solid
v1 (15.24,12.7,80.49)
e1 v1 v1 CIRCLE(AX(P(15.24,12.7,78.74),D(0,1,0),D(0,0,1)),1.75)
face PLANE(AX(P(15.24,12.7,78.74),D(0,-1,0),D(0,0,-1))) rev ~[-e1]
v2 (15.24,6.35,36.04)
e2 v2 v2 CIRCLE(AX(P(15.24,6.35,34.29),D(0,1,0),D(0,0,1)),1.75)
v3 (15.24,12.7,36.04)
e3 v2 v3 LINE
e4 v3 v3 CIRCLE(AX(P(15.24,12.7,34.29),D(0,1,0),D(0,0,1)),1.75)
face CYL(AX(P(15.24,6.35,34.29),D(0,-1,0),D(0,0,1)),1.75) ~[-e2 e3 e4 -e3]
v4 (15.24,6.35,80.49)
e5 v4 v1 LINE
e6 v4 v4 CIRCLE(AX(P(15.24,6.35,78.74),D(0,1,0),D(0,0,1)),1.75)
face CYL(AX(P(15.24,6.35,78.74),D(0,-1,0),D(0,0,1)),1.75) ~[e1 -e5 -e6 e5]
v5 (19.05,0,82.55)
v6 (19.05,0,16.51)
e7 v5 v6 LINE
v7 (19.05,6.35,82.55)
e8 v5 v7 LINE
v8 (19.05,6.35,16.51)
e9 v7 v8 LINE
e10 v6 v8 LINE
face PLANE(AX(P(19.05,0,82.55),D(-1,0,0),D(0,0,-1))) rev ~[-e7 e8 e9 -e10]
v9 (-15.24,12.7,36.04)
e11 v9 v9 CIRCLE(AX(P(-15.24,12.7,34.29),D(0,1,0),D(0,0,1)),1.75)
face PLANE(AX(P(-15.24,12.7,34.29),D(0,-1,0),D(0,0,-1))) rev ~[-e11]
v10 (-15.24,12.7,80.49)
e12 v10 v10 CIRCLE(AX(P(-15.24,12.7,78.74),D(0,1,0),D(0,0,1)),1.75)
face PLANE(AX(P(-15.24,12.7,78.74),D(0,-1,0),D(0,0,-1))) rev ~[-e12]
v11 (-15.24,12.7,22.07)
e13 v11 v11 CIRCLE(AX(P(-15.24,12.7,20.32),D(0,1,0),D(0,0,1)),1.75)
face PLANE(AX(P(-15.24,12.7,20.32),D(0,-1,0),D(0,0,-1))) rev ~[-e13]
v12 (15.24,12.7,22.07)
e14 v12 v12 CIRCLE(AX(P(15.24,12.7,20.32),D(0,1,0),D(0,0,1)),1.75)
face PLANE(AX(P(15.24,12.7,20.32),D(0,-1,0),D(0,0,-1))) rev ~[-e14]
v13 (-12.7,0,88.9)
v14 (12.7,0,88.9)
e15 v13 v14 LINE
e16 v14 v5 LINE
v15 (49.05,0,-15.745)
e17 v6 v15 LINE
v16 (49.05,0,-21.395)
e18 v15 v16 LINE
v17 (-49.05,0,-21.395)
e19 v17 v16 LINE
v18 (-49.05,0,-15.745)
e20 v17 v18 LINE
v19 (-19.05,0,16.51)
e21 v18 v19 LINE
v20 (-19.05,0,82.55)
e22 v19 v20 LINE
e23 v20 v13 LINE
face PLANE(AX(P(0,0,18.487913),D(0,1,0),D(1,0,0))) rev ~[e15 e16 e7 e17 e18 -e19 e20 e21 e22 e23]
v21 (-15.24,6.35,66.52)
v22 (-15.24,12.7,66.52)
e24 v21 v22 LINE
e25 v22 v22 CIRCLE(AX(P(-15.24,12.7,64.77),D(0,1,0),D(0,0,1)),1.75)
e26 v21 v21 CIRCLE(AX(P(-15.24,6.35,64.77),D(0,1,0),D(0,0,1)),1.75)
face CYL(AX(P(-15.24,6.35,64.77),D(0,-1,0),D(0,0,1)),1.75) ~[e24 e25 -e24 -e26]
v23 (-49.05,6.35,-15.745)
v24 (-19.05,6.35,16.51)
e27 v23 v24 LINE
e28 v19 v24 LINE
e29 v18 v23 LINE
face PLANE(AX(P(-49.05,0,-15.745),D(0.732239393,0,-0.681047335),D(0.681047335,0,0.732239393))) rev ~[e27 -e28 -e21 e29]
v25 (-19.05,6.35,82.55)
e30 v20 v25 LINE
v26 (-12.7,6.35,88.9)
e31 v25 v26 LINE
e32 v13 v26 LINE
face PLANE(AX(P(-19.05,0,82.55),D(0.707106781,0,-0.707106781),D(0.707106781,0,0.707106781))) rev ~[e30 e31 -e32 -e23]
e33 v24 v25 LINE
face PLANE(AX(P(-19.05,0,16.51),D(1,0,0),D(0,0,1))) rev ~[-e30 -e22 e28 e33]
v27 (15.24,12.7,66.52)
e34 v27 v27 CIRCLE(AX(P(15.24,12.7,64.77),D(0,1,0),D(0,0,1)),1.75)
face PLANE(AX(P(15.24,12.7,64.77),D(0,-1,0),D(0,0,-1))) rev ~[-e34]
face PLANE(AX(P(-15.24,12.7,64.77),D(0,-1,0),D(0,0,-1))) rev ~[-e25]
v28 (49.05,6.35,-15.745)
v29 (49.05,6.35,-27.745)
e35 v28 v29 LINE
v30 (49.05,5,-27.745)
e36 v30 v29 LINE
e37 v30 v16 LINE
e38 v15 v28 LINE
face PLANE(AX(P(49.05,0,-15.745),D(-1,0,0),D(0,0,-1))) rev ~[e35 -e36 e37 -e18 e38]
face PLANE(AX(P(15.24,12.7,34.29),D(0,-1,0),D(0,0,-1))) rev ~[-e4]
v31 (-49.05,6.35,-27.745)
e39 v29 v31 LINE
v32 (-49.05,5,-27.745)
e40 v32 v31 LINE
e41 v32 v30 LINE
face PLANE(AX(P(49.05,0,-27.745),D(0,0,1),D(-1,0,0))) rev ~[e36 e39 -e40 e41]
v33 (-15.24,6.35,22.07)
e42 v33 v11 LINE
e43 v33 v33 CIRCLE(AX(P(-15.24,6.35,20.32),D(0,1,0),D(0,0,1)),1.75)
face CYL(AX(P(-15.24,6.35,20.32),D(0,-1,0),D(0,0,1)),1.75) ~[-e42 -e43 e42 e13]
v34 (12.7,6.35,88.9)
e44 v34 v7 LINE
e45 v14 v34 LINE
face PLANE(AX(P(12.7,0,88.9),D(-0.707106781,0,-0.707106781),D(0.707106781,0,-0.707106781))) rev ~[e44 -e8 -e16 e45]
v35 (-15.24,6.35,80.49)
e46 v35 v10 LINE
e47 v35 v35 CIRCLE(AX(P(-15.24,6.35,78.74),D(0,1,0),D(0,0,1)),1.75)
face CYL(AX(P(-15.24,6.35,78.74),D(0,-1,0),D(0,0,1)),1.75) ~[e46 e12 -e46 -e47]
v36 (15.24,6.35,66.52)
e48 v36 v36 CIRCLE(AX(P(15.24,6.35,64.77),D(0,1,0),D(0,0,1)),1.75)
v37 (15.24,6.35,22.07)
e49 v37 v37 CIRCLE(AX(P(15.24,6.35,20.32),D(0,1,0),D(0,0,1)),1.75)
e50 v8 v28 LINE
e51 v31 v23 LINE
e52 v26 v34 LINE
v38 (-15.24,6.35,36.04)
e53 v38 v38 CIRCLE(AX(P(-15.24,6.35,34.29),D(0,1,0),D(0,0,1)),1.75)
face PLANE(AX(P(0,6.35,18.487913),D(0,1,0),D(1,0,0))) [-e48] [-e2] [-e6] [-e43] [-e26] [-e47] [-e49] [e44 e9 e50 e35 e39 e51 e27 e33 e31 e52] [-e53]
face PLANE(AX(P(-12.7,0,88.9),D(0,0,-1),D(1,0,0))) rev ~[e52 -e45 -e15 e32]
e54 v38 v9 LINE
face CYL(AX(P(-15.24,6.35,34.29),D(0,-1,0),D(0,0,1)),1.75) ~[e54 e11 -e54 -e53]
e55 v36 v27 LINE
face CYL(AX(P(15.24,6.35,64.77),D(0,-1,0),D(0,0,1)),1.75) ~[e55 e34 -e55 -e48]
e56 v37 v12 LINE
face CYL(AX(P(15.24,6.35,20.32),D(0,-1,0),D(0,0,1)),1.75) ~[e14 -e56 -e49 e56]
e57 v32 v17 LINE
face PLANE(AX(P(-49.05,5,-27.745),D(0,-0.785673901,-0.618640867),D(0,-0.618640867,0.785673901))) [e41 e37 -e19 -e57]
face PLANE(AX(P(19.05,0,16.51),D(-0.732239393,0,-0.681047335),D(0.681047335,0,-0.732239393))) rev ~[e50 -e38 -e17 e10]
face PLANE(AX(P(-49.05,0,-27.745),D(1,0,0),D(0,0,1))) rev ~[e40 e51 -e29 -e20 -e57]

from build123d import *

# Parameters (mm, degrees)
SKETCH3_R           = 1.905
BOSS_EXTRUDE1_DEPTH = 6.35
CUT_EXTRUDE1_DEPTH  = 133.5410974
SKETCH5_R           = 1.905
BOSS_EXTRUDE2_DEPTH = 12.700000124
CUT_EXTRUDE2_START  = -6.350000124
SKETCH6_R           = 1.905
SKETCH6_R_2         = 1.75
CUT_EXTRUDE2_DEPTH  = 6.350000124


with BuildPart() as part:
    # Sketch3 → Boss-Extrude1 (new body)
    with BuildSketch(Plane(origin=(0, 0, 0), x_dir=(1, 0, 0), z_dir=(0, 1, 0))):
        Polygon((-19.05, -82.55), (-12.7, -88.9), (12.7, -88.9), (19.05, -82.55), (19.05, -74.93), (19.05, -68.58), (19.05, -60.96), (19.05, -38.1), (19.05, -30.48), (19.05, -24.13), (19.05, -16.51), (49.05, 15.745), (49.05, 27.745), (-49.05, 27.745), (-49.05, 15.745), (-19.05, -16.51), (-19.05, -24.13), (-19.05, -30.48), (-19.05, -38.1), (-19.05, -60.96), (-19.05, -68.58), (-19.05, -74.93), align=None)
        with Locations(Location((-15.24, -78.74, 0), (0, 0, 270))):
            Circle(SKETCH3_R, mode=Mode.SUBTRACT)
        with Locations(Location((15.24, -78.74, 0), (0, 0, 270))):
            Circle(SKETCH3_R, mode=Mode.SUBTRACT)
        with Locations(Location((15.24, -64.77, 0), (0, 0, 270))):
            Circle(SKETCH3_R, mode=Mode.SUBTRACT)
        with Locations(Location((-15.24, -64.77, 0), (0, 0, 270))):
            Circle(SKETCH3_R, mode=Mode.SUBTRACT)
        with Locations(Location((-15.24, -20.32, 0), (0, 0, 270))):
            Circle(SKETCH3_R, mode=Mode.SUBTRACT)
        with Locations(Location((15.24, -20.32, 0), (0, 0, 270))):
            Circle(SKETCH3_R, mode=Mode.SUBTRACT)
        with Locations(Location((15.24, -34.29, 0), (0, 0, 270))):
            Circle(SKETCH3_R, mode=Mode.SUBTRACT)
        with Locations(Location((-15.24, -34.29, 0), (0, 0, 270))):
            Circle(SKETCH3_R, mode=Mode.SUBTRACT)
    extrude(amount=BOSS_EXTRUDE1_DEPTH)

    # Sketch4 → Cut-Extrude1 (cut, through all)
    with BuildSketch(Plane.ZY.offset(49.05)):
        Polygon((-21.395, 0), (-27.745, 0), (-27.745, 5), align=None)
    extrude(amount=-CUT_EXTRUDE1_DEPTH, mode=Mode.SUBTRACT)

    # Sketch5 → Boss-Extrude2 (add)
    with BuildSketch(Plane.XZ):
        with Locations(Location((-15.24, 20.32, 0), (0, 0, 270))):
            Circle(SKETCH5_R)
        with Locations(Location((-15.24, 34.29, 0), (0, 0, 270))):
            Circle(SKETCH5_R)
        with Locations(Location((15.24, 20.32, 0), (0, 0, 270))):
            Circle(SKETCH5_R)
        with Locations(Location((15.24, 34.29, 0), (0, 0, 270))):
            Circle(SKETCH5_R)
        with Locations(Location((15.24, 64.77, 0), (0, 0, 270))):
            Circle(SKETCH5_R)
        with Locations(Location((15.24, 78.74, 0), (0, 0, 270))):
            Circle(SKETCH5_R)
        with Locations(Location((-15.24, 64.77, 0), (0, 0, 270))):
            Circle(SKETCH5_R)
        with Locations(Location((-15.24, 78.74, 0), (0, 0, 270))):
            Circle(SKETCH5_R)
    extrude(amount=-BOSS_EXTRUDE2_DEPTH)

    # Sketch6 → Cut-Extrude2 (cut)
    # profile 1 of 8: a face of its own
    with BuildSketch(Plane(origin=(0, 12.700000124, 0), x_dir=(1, 0, 0), z_dir=(0, 1, 0)).offset(CUT_EXTRUDE2_START)):
        with Locations((-15.24, -78.74)):
            Circle(SKETCH6_R)
        with Locations(Location((-15.24, -78.74, 0), (0, 0, 270))):
            Circle(SKETCH6_R_2, mode=Mode.SUBTRACT)
    # profile 2 of 8: a face of its own
    with BuildSketch(Plane(origin=(0, 12.700000124, 0), x_dir=(1, 0, 0), z_dir=(0, 1, 0)).offset(CUT_EXTRUDE2_START)):
        with Locations((15.24, -78.74)):
            Circle(SKETCH6_R)
        with Locations(Location((15.24, -78.74, 0), (0, 0, 270))):
            Circle(SKETCH6_R_2, mode=Mode.SUBTRACT)
    # profile 3 of 8: a face of its own
    with BuildSketch(Plane(origin=(0, 12.700000124, 0), x_dir=(1, 0, 0), z_dir=(0, 1, 0)).offset(CUT_EXTRUDE2_START)):
        with Locations((15.24, -64.77)):
            Circle(SKETCH6_R)
        with Locations(Location((15.24, -64.77, 0), (0, 0, 270))):
            Circle(SKETCH6_R_2, mode=Mode.SUBTRACT)
    # profile 4 of 8: a face of its own
    with BuildSketch(Plane(origin=(0, 12.700000124, 0), x_dir=(1, 0, 0), z_dir=(0, 1, 0)).offset(CUT_EXTRUDE2_START)):
        with Locations((-15.24, -64.77)):
            Circle(SKETCH6_R)
        with Locations(Location((-15.24, -64.77, 0), (0, 0, 270))):
            Circle(SKETCH6_R_2, mode=Mode.SUBTRACT)
    # profile 5 of 8: a face of its own
    with BuildSketch(Plane(origin=(0, 12.700000124, 0), x_dir=(1, 0, 0), z_dir=(0, 1, 0)).offset(CUT_EXTRUDE2_START)):
        with Locations((-15.24, -34.29)):
            Circle(SKETCH6_R)
        with Locations(Location((-15.24, -34.29, 0), (0, 0, 270))):
            Circle(SKETCH6_R_2, mode=Mode.SUBTRACT)
    # profile 6 of 8: a face of its own
    with BuildSketch(Plane(origin=(0, 12.700000124, 0), x_dir=(1, 0, 0), z_dir=(0, 1, 0)).offset(CUT_EXTRUDE2_START)):
        with Locations((15.24, -34.29)):
            Circle(SKETCH6_R)
        with Locations(Location((15.24, -34.29, 0), (0, 0, 270))):
            Circle(SKETCH6_R_2, mode=Mode.SUBTRACT)
    # profile 7 of 8: a face of its own
    with BuildSketch(Plane(origin=(0, 12.700000124, 0), x_dir=(1, 0, 0), z_dir=(0, 1, 0)).offset(CUT_EXTRUDE2_START)):
        with Locations((15.24, -20.32)):
            Circle(SKETCH6_R)
        with Locations(Location((15.24, -20.32, 0), (0, 0, 270))):
            Circle(SKETCH6_R_2, mode=Mode.SUBTRACT)
    # profile 8 of 8: a face of its own
    with BuildSketch(Plane(origin=(0, 12.700000124, 0), x_dir=(1, 0, 0), z_dir=(0, 1, 0)).offset(CUT_EXTRUDE2_START)):
        with Locations((-15.24, -20.32)):
            Circle(SKETCH6_R)
        with Locations(Location((-15.24, -20.32, 0), (0, 0, 270))):
            Circle(SKETCH6_R_2, mode=Mode.SUBTRACT)
    extrude(amount=CUT_EXTRUDE2_DEPTH, mode=Mode.SUBTRACT)


solid = part.part
